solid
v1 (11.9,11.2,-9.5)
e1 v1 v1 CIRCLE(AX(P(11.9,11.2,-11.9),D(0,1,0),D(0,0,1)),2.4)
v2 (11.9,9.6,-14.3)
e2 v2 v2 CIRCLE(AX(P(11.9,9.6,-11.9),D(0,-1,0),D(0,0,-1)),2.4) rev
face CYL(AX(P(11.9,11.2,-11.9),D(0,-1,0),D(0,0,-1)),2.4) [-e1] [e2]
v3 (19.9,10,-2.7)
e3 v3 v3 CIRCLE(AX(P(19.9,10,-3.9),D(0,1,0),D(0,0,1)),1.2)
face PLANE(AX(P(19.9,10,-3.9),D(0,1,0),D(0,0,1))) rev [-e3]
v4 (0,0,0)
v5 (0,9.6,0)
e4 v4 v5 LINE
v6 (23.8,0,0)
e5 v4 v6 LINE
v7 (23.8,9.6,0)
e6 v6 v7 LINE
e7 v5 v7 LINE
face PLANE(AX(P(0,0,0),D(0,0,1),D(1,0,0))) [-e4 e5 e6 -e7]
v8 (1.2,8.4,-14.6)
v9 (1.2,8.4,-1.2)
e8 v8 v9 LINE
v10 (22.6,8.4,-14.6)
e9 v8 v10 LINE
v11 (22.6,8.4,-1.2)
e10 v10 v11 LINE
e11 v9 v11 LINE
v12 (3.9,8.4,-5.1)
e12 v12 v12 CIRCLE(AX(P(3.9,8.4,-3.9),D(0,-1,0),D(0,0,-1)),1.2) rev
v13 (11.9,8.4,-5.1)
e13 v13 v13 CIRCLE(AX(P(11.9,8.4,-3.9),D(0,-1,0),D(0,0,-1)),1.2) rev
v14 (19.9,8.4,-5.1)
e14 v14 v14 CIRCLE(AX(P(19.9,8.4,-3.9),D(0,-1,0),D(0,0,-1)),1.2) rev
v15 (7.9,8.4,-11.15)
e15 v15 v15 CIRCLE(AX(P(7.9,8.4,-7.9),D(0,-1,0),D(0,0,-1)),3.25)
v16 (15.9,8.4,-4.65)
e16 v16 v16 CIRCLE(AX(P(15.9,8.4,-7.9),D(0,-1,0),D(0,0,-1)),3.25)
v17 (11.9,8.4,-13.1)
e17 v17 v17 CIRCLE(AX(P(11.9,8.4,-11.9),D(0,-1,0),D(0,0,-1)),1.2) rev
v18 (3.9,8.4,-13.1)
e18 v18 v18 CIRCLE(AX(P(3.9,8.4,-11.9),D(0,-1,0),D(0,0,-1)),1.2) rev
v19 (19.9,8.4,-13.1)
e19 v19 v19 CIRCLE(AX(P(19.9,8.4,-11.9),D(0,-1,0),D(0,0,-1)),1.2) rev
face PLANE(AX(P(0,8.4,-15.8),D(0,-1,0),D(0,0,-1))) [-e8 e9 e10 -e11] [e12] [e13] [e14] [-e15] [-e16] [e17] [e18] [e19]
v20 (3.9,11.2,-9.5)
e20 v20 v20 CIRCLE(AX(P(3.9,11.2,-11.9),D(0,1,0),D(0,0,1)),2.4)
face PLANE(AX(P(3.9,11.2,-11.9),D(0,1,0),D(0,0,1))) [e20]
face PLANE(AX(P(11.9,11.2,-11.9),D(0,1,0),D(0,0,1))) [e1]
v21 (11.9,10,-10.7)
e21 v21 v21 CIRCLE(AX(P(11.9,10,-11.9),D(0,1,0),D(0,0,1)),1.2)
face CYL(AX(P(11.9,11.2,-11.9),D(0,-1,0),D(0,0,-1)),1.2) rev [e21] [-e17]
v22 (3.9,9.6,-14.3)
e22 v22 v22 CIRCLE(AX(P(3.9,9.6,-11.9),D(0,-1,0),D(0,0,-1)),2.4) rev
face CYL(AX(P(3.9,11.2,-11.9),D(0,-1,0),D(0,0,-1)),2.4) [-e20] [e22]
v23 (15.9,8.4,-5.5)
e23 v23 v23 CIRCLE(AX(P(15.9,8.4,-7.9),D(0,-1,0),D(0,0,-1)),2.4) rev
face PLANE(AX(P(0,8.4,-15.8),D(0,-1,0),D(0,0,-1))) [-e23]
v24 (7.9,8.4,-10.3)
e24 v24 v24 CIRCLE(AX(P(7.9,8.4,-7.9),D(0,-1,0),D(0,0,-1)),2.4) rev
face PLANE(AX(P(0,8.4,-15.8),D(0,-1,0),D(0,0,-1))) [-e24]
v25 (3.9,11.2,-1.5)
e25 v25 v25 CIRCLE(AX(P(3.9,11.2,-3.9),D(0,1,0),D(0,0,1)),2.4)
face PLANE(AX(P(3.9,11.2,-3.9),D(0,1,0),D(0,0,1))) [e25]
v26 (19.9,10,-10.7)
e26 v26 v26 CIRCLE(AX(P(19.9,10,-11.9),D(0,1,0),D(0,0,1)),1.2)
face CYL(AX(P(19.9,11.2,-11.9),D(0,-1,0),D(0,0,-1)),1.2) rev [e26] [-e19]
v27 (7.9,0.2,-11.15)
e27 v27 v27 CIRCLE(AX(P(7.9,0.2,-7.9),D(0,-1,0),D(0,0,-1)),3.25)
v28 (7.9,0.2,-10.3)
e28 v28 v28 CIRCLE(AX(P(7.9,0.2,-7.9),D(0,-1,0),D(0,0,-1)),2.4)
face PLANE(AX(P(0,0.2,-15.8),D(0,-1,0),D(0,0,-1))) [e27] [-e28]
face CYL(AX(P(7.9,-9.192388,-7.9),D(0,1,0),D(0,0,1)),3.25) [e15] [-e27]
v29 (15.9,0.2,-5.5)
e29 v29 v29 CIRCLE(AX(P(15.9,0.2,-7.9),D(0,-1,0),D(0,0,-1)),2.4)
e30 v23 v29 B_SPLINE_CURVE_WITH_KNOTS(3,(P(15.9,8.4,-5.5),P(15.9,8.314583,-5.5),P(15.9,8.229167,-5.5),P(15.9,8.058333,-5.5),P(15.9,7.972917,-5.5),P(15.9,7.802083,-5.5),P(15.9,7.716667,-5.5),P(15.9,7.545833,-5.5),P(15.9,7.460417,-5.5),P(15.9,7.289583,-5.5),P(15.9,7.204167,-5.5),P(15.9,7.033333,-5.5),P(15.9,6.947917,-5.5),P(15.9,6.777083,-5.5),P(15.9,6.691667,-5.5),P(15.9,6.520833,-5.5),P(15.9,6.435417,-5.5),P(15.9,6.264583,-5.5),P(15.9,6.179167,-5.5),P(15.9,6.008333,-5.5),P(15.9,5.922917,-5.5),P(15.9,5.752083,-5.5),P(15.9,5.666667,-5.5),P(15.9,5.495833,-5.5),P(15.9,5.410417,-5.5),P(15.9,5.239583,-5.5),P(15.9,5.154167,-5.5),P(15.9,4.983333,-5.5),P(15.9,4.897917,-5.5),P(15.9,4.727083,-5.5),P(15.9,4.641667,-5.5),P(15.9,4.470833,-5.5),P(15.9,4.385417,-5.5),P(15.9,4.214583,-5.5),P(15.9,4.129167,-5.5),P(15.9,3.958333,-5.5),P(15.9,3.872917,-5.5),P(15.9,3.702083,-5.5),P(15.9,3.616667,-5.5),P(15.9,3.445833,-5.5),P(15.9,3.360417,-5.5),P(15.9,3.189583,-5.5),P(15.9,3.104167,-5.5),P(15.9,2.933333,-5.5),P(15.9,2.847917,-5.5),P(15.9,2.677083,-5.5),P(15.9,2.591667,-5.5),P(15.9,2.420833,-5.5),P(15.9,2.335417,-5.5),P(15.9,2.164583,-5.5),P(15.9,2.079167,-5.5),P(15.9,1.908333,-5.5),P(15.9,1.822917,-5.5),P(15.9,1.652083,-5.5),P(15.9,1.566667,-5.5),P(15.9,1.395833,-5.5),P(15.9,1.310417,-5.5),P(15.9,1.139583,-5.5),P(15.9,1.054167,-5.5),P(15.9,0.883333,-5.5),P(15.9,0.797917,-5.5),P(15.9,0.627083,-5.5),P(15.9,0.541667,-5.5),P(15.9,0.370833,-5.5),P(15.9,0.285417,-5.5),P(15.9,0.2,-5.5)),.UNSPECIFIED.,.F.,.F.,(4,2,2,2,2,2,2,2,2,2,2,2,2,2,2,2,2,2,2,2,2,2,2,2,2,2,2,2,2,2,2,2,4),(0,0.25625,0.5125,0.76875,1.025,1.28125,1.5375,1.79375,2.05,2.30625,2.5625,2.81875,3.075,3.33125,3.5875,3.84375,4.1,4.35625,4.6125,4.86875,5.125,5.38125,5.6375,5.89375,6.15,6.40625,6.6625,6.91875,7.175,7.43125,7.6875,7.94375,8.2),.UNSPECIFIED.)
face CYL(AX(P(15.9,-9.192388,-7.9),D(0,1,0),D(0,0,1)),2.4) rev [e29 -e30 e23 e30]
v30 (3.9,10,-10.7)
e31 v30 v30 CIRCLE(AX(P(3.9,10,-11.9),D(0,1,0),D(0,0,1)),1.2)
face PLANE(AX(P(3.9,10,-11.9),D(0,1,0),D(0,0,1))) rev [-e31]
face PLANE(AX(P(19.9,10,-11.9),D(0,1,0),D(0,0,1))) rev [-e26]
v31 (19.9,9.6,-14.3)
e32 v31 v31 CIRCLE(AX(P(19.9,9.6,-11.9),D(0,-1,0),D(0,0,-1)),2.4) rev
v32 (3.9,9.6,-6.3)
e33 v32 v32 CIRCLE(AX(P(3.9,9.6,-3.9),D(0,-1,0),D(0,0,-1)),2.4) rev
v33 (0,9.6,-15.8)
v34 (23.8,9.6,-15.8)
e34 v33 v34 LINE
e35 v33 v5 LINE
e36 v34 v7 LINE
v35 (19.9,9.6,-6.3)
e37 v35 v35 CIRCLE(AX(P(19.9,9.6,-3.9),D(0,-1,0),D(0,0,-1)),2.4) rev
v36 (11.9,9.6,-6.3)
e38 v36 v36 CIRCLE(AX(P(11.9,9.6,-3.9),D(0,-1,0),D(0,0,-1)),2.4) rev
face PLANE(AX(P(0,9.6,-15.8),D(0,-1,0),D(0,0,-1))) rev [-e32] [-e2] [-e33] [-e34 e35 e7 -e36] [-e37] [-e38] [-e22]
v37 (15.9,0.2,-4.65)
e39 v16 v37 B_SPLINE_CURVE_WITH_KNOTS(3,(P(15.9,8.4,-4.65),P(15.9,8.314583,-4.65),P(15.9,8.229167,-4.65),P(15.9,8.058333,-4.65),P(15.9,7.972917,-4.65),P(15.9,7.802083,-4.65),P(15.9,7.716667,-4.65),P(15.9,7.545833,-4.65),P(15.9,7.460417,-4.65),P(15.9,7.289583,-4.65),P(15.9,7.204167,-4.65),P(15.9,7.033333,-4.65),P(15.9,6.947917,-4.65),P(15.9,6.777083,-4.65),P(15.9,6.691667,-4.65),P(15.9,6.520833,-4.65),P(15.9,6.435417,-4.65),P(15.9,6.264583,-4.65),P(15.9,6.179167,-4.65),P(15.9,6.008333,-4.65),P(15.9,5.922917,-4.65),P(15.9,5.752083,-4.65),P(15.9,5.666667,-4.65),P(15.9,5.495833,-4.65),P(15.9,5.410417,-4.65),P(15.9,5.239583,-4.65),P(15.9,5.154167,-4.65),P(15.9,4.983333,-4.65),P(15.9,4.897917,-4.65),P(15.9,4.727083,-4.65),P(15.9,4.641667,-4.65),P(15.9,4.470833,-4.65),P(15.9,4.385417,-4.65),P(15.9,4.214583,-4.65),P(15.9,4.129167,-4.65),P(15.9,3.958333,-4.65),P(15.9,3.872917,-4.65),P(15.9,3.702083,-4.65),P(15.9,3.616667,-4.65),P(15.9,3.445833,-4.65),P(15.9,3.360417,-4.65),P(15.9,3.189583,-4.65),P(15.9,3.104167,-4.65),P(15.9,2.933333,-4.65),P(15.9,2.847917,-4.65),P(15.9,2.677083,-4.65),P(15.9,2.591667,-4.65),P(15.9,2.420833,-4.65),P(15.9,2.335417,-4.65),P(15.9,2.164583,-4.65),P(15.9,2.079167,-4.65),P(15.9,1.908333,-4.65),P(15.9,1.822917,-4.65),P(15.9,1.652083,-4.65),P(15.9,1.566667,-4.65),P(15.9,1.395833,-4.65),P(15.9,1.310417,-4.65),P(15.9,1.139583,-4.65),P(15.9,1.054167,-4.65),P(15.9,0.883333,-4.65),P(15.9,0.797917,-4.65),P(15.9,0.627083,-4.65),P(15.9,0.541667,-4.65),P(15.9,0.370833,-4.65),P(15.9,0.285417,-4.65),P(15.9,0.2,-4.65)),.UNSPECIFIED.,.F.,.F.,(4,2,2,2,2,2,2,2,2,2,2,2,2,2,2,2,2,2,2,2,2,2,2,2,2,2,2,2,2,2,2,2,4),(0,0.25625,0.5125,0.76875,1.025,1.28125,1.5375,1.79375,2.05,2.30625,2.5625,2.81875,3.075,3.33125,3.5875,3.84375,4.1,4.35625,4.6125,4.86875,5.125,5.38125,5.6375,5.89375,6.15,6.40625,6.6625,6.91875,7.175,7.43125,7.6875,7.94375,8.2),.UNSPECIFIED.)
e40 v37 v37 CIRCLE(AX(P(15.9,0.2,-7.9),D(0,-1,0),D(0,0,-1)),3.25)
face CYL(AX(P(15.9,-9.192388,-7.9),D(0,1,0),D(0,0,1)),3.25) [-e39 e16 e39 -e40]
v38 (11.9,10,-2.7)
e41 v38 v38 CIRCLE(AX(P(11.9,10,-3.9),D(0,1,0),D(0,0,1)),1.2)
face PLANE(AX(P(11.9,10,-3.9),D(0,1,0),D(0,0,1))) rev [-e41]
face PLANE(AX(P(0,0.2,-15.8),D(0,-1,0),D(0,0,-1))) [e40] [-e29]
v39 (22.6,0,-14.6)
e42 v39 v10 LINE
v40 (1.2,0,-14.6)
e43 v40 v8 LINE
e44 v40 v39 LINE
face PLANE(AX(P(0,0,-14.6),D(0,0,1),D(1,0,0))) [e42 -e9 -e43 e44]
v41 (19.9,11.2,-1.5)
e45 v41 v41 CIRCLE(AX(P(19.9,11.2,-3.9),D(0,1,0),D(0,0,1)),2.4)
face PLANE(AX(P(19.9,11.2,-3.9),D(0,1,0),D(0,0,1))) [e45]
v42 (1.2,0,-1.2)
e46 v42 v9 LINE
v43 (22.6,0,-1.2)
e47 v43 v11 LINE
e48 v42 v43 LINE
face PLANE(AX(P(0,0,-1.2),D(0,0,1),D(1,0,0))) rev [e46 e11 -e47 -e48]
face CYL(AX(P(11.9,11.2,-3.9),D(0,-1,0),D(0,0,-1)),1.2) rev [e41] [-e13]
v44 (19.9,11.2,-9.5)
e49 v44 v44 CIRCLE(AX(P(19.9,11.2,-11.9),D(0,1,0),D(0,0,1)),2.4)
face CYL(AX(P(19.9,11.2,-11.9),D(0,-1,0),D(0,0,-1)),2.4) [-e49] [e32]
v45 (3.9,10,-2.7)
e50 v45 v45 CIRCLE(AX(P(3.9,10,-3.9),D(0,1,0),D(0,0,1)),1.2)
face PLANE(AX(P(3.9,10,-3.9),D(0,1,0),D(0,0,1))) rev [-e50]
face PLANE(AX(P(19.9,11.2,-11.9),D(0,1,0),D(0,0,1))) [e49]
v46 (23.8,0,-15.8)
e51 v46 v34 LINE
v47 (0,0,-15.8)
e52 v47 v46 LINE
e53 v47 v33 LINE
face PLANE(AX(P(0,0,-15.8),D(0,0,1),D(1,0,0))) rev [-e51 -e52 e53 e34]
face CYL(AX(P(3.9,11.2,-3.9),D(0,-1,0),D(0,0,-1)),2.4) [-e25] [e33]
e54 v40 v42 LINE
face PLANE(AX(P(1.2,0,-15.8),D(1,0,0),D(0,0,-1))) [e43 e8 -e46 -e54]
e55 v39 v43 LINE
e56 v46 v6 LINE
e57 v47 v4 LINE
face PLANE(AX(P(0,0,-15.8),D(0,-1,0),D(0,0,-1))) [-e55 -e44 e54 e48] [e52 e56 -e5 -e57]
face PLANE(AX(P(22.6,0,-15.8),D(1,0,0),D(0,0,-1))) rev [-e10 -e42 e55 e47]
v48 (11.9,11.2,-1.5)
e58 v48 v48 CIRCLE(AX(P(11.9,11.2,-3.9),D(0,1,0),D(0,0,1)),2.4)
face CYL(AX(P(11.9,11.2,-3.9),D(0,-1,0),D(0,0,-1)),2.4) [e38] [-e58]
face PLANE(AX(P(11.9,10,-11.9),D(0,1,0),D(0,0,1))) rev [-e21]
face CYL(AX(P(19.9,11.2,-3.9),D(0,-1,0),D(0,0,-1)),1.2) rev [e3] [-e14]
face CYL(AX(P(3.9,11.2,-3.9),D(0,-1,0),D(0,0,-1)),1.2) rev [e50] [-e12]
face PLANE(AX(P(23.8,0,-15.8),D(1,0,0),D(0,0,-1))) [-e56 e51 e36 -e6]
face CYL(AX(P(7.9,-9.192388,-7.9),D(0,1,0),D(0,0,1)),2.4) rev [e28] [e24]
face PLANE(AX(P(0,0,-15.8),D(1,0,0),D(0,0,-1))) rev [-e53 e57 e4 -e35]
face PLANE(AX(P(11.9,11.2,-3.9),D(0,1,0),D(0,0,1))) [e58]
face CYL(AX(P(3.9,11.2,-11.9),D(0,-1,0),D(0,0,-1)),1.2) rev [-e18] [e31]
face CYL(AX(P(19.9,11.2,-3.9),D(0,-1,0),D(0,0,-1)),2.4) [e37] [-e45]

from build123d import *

# Parameters (mm, degrees)
SKETCH1_W            = 23.8
SKETCH1_H            = 9.6
BOSS_EXTRUDE1_DEPTH  = 15.8
SKETCH2_R            = 2.4
BOSS_EXTRUDE2_DEPTH  = 1.6
LPATTERN1_COUNT      = 3
LPATTERN1_PITCH      = 8
LPATTERN1_COUNT_DIR2 = 2
LPATTERN1_PITCH_DIR2 = 8
SHELL1_T             = -1.2
SKETCH3_R            = 3.25
SKETCH3_R_2          = 2.4
BOSS_EXTRUDE3_DEPTH  = 8.2
LPATTERN2_COUNT      = 2
LPATTERN2_PITCH      = 8


with BuildPart() as part:
    # Sketch1 → Boss-Extrude1 (new body)
    with BuildSketch(Plane.XY):
        with Locations((11.9, 4.8)):
            Rectangle(SKETCH1_W, SKETCH1_H)
    extrude(amount=-BOSS_EXTRUDE1_DEPTH)

    # Sketch2 → Boss-Extrude2 (add)
    with BuildSketch(Plane(origin=(0, 9.6, 0), x_dir=(1, 0, 0), z_dir=(0, 1, 0))):
        with Locations(Location((3.9, 3.9, 0), (0, 0, 90))):
            Circle(SKETCH2_R)
    boss_extrude2 = extrude(amount=BOSS_EXTRUDE2_DEPTH)

    # LPattern1: Boss-Extrude2 3 × 2
    with Locations(*[(i * LPATTERN1_PITCH, 0, -j * LPATTERN1_PITCH_DIR2) for i in range(LPATTERN1_COUNT) for j in range(LPATTERN1_COUNT_DIR2) if (i, j) != (0, 0)]):
        add(boss_extrude2)

    # Shell1
    shell1_openings = [part.faces().sort_by_distance(p)[0] for p in [
        (11.9, 0, -7.9),
    ]]
    offset(amount=SHELL1_T, openings=shell1_openings, kind=Kind.INTERSECTION)

    # Sketch3 → Boss-Extrude3 (add)
    with BuildSketch(Plane.XZ.offset(-8.4)):
        with Locations(Location((7.9, -7.9, 0), (0, 0, 270))):
            Circle(SKETCH3_R)
        with Locations(Location((7.9, -7.9, 0), (0, 0, 270))):
            Circle(SKETCH3_R_2, mode=Mode.SUBTRACT)
    boss_extrude3 = extrude(amount=BOSS_EXTRUDE3_DEPTH)

    # LPattern2: Boss-Extrude3 ×2
    with Locations(*[(i * LPATTERN2_PITCH, 0, 0) for i in range(1, LPATTERN2_COUNT)]):
        add(boss_extrude3)


solid = part.part
